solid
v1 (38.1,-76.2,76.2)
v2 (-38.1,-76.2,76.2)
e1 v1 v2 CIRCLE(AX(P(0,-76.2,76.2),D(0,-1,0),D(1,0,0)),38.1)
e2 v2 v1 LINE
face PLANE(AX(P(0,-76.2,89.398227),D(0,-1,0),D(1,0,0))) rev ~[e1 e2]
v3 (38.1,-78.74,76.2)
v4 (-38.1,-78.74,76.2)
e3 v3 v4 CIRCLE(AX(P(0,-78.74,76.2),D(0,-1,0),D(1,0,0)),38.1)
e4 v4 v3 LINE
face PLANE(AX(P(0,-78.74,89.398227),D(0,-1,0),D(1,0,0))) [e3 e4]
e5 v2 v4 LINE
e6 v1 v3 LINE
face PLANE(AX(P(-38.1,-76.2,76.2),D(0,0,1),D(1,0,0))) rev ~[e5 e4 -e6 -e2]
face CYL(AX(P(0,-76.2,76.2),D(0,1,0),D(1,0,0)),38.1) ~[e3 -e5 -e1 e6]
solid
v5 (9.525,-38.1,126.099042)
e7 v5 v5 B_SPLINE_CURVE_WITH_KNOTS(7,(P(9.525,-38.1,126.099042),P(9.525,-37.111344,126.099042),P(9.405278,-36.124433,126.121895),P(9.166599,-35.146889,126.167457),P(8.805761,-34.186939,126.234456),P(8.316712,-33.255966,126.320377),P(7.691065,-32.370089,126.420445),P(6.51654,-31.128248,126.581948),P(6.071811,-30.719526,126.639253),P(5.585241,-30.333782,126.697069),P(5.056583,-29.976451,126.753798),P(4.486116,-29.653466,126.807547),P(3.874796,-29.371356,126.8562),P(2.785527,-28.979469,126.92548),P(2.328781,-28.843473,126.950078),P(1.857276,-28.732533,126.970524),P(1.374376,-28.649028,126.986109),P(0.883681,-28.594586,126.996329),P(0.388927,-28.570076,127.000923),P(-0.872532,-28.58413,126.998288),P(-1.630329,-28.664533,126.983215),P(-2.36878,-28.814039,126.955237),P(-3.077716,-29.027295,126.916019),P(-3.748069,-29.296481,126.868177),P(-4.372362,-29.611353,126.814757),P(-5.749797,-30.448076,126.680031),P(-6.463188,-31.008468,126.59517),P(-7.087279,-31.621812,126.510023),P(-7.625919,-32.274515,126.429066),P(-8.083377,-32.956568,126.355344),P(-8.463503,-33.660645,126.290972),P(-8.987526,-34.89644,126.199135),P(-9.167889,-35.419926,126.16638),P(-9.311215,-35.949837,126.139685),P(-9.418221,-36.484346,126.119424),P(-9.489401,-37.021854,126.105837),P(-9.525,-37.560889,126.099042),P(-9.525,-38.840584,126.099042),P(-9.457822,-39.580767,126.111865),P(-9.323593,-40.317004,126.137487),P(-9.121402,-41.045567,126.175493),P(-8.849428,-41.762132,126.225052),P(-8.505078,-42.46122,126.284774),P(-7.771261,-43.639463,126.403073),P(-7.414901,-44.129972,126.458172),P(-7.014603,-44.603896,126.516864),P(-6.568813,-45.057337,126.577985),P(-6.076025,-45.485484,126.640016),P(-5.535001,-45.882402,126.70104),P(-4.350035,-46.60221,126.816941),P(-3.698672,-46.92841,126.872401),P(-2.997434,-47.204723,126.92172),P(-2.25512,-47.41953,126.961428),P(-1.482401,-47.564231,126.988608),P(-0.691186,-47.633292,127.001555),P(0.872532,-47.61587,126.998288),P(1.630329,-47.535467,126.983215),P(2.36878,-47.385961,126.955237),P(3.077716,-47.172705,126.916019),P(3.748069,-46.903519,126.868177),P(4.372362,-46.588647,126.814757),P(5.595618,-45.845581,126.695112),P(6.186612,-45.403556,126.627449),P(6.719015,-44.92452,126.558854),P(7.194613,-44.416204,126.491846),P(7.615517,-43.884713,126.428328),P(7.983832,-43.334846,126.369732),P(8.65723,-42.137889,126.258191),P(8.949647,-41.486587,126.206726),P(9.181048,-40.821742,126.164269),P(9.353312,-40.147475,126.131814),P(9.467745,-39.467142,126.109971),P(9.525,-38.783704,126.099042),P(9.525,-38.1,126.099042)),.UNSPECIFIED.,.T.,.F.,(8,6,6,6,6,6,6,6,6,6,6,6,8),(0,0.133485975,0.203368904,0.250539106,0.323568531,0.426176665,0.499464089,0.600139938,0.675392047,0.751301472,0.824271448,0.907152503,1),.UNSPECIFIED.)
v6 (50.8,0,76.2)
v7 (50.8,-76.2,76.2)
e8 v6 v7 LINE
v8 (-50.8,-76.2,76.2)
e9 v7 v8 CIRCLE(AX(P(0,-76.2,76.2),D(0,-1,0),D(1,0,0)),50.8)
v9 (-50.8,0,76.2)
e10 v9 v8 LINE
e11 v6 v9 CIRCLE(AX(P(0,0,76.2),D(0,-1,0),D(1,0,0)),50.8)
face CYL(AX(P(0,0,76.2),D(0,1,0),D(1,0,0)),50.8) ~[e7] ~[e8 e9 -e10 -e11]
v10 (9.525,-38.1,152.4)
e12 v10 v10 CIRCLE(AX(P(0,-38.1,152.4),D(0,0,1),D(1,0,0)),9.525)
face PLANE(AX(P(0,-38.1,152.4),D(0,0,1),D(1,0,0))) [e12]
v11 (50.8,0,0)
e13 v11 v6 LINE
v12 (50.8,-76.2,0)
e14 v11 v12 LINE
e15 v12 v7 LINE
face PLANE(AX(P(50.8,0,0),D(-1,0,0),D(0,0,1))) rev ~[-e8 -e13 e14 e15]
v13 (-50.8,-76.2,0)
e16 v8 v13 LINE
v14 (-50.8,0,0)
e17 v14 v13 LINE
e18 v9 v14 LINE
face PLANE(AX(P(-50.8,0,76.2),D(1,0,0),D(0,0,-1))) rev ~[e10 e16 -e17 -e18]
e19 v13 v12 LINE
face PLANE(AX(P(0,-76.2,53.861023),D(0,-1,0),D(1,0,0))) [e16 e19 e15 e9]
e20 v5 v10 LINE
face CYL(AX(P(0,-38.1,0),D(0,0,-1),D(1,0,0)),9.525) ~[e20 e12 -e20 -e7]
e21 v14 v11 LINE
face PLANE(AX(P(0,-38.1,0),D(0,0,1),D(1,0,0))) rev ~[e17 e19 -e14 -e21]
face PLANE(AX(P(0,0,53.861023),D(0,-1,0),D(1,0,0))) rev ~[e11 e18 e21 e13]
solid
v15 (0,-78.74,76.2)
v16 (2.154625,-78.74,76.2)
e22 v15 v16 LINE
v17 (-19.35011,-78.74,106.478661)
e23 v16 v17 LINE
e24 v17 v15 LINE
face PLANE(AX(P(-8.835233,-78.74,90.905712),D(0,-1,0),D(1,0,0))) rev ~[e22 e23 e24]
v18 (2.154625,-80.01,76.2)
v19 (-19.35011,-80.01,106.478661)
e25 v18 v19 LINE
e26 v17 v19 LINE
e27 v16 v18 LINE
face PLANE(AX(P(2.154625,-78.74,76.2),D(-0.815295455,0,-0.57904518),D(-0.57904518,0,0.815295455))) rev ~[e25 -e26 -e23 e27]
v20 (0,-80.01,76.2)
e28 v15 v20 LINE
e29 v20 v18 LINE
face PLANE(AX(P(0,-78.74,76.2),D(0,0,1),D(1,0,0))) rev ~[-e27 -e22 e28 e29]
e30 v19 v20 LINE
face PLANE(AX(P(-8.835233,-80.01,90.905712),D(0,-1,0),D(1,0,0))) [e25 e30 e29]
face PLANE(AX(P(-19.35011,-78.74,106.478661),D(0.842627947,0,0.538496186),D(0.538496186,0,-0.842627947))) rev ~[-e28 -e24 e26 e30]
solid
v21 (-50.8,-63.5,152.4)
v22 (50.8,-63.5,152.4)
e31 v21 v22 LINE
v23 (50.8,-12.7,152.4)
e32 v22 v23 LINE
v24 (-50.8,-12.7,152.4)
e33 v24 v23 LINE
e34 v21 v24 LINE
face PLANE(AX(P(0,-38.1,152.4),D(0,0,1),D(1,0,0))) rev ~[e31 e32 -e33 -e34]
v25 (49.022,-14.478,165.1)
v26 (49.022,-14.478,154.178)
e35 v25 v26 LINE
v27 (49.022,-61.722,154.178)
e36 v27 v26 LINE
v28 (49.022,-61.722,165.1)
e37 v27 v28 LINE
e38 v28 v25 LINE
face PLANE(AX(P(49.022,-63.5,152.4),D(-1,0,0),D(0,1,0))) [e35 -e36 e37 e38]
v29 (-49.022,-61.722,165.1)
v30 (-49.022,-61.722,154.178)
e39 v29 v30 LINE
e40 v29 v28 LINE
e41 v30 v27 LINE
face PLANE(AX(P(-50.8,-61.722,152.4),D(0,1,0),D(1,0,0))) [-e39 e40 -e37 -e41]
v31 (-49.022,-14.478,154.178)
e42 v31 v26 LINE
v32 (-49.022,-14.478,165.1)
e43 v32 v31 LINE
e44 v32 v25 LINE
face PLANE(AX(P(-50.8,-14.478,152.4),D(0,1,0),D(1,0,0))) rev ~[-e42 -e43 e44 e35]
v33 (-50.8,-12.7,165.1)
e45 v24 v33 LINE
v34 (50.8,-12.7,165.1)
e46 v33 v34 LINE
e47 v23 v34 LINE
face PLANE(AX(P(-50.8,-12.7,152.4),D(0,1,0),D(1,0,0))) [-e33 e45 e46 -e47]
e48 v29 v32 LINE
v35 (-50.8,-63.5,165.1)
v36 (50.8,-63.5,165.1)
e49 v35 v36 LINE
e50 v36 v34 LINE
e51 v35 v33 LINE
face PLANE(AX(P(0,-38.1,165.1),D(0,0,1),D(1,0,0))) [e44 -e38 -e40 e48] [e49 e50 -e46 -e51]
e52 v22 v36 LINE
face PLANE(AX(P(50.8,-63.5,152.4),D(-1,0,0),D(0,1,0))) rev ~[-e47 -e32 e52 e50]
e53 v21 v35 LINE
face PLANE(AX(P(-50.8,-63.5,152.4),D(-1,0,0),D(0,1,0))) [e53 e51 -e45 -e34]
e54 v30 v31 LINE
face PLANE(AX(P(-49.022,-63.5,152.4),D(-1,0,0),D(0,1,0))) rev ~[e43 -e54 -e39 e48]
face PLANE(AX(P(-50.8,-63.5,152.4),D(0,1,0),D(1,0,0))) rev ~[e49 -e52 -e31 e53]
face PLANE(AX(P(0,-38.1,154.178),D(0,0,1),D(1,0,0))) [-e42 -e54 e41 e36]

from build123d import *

# Parameters (mm, degrees)
F1_DEPTH = 76.2
F3_DEPTH = 2.54
F5_DEPTH = 1.27
F6_R     = 9.525
F7_DEPTH = 152.4
F8_W     = 101.6
F8_H     = 50.8
F8_R     = 9.525
F9_DEPTH = 12.7
F10_T    = -1.778


with BuildPart() as f1:
    # F0 (on Front) → F1 (new body)
    with BuildSketch(Plane.XZ):
        with BuildLine():
            Line((-50.8, 76.2), (-50.8, 0))
            Line((-50.8, 0), (50.8, 0))
            Line((50.8, 0), (50.8, 76.2))
            ThreePointArc((50.8, 76.2), (0, 127), (-50.8, 76.2))
        make_face()
    extrude(amount=F1_DEPTH)

    # F6 (on Top) → F7 (join)
    with BuildSketch(Plane.XY):
        with Locations((0, -38.1)):
            Circle(F6_R)
    extrude(amount=F7_DEPTH)


with BuildPart() as f3:
    # F2 (on face) → F3 (new body)
    with BuildSketch(Plane.XZ.offset(76.2)):
        with BuildLine():
            ThreePointArc((38.1, 76.2), (0, 114.3), (-38.1, 76.2))
            Line((-38.1, 76.2), (38.1, 76.2))
        make_face()
    extrude(amount=F3_DEPTH)


with BuildPart() as f5:
    # F4 (on face) → F5 (new body)
    with BuildSketch(Plane.XZ.offset(78.74)):
        Polygon((-19.35011, 106.478661), (0, 76.2), (2.154625, 76.2), align=None)
    extrude(amount=F5_DEPTH)


with BuildPart() as f9:
    # F8 (on face) → F9 (new body)
    with BuildSketch(Plane.XY.offset(152.4)):
        with Locations((0, -38.1)):
            Rectangle(F8_W, F8_H)
        with Locations((0, -38.1)):
            Circle(F8_R, mode=Mode.SUBTRACT)
        with Locations((0, -38.1)):
            Circle(F8_R)
    extrude(amount=F9_DEPTH)

    # F10
    f10_openings = [f9.faces().sort_by_distance(p)[0] for p in [
        (0, -38.1, 165.1),
    ]]
    offset(amount=F10_T, openings=f10_openings)


solid = Compound([f1.part, f3.part, f5.part, f9.part])
